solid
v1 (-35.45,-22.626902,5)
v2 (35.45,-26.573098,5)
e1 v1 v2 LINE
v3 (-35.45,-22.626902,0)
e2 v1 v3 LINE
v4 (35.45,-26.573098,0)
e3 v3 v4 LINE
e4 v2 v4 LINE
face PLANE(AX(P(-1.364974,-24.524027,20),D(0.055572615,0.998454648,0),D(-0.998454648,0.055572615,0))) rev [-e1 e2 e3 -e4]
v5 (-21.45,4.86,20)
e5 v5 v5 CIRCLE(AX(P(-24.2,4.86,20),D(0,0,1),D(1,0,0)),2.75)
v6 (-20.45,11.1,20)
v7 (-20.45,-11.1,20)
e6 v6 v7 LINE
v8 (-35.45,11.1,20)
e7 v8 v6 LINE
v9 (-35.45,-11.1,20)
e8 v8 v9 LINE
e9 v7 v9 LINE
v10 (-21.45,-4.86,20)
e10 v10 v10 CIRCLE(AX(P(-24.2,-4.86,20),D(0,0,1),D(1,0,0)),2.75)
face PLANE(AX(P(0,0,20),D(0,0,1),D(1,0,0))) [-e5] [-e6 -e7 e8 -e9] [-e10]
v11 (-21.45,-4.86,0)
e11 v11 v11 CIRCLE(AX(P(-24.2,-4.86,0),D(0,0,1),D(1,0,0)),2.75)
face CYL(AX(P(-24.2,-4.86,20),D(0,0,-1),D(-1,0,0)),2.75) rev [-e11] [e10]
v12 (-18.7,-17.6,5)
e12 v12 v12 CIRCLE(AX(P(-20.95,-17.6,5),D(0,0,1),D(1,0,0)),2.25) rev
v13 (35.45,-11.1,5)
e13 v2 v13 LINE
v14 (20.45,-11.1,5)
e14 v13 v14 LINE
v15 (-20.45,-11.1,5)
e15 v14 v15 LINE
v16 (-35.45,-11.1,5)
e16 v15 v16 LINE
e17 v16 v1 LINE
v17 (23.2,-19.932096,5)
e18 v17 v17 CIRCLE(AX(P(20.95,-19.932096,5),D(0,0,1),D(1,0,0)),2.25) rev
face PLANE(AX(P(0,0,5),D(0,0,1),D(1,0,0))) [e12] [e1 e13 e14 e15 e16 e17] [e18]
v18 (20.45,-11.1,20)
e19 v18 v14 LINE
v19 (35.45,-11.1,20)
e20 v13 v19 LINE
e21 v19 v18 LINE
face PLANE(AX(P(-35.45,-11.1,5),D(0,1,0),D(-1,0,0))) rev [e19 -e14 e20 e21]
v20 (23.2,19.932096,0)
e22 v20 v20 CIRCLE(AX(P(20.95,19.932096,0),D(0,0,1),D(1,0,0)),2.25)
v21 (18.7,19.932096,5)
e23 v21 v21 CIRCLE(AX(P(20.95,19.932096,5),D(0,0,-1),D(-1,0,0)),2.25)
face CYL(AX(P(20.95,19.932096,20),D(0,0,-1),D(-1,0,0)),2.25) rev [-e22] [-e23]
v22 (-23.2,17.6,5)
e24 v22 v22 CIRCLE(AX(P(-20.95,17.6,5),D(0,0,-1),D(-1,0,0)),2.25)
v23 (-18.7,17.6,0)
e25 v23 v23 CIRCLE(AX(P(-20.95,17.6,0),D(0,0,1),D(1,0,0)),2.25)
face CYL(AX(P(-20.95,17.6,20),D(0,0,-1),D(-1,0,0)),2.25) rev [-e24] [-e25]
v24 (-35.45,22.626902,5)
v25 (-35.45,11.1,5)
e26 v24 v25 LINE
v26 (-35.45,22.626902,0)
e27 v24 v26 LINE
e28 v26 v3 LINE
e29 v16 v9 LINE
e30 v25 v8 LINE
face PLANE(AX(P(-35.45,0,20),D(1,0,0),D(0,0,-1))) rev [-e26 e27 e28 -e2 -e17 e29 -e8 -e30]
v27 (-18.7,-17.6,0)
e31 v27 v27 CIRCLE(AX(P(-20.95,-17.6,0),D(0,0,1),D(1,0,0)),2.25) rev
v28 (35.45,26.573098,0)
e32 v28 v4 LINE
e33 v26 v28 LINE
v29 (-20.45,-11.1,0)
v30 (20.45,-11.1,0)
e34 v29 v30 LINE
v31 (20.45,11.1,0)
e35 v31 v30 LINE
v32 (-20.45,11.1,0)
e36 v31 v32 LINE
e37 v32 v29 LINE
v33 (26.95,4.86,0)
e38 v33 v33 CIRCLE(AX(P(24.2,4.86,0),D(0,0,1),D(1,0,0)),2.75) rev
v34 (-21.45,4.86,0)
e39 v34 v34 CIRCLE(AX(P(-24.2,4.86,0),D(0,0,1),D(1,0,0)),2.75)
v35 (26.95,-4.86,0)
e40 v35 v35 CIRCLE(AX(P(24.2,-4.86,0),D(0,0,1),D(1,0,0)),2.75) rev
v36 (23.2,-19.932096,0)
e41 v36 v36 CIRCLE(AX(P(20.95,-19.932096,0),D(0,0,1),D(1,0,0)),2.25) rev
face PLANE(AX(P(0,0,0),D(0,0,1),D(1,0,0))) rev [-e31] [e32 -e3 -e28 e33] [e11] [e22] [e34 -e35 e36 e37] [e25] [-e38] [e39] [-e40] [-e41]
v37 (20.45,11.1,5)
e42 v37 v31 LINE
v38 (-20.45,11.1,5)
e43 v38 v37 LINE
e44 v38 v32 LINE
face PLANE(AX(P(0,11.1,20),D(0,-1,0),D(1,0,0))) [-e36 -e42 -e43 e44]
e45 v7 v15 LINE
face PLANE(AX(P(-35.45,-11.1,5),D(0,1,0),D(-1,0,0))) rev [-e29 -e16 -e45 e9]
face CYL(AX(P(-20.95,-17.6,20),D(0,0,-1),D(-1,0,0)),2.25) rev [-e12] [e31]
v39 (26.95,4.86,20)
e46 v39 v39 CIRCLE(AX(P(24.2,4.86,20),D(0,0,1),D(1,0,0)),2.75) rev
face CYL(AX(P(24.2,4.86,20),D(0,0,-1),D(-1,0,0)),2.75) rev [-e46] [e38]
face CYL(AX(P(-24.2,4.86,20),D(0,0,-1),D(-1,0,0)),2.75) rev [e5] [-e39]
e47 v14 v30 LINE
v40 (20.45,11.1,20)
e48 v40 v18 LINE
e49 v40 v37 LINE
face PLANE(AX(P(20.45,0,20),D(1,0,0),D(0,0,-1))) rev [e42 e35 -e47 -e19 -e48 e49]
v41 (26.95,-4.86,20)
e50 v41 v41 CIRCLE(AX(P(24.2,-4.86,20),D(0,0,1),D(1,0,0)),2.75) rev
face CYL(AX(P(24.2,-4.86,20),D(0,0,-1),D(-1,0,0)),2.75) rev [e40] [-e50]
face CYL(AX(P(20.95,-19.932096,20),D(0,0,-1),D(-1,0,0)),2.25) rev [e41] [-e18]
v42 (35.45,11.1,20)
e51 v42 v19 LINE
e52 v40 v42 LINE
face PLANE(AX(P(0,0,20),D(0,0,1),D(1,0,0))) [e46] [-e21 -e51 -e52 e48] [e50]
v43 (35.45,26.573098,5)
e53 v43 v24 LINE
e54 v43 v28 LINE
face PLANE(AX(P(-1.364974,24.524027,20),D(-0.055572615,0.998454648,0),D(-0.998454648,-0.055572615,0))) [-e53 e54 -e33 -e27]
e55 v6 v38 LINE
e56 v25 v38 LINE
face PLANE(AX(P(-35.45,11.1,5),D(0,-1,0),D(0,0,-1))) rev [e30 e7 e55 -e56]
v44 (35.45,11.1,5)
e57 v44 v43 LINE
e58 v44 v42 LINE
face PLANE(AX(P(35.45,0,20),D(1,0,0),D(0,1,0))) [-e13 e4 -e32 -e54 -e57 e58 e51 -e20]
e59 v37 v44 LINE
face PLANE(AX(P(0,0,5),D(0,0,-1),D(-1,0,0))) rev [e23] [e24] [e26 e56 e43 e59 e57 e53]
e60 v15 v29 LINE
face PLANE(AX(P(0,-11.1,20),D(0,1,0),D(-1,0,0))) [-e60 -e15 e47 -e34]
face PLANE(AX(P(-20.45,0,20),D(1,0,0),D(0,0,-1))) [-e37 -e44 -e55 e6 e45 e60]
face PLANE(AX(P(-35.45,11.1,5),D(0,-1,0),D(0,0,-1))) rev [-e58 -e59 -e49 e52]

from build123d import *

# Parameters (mm, degrees)
SKETCH1_W           = 40.9
SKETCH1_H           = 22.2
SKETCH1_R           = 2.25
SKETCH1_R_2         = 2.75
BOSS_EXTRUDE4_DEPTH = 20
SKETCH4_W           = 70.9
SKETCH4_H           = 15.47309833
CUT_EXTRUDE1_DEPTH  = 15


with BuildPart() as part:
    # Sketch1 → Boss-Extrude4 (new body)
    with BuildSketch(Plane.XY):
        Polygon((-35.45, 22.62690167), (-35.45, -22.62690167), (35.45, -26.57309833), (35.45, 26.57309833), align=None)
        Rectangle(SKETCH1_W, SKETCH1_H, mode=Mode.SUBTRACT)
        with Locations((-20.95, 17.6)):
            Circle(SKETCH1_R, mode=Mode.SUBTRACT)
        with Locations((20.95, 19.932096475)):
            Circle(SKETCH1_R, mode=Mode.SUBTRACT)
        with Locations((-24.2, 4.86)):
            Circle(SKETCH1_R_2, mode=Mode.SUBTRACT)
        with Locations((-24.2, -4.86)):
            Circle(SKETCH1_R_2, mode=Mode.SUBTRACT)
        with Locations((24.2, 4.86)):
            Circle(SKETCH1_R_2, mode=Mode.SUBTRACT)
        with Locations((24.2, -4.86)):
            Circle(SKETCH1_R_2, mode=Mode.SUBTRACT)
        with Locations((20.95, -19.932096475)):
            Circle(SKETCH1_R, mode=Mode.SUBTRACT)
        with Locations((-20.95, -17.6)):
            Circle(SKETCH1_R, mode=Mode.SUBTRACT)
    extrude(amount=BOSS_EXTRUDE4_DEPTH)

    # Sketch4 → Cut-Extrude1 (cut)
    with BuildSketch(Plane.XY.offset(20)):
        with Locations((0, 18.836549165)):
            Rectangle(SKETCH4_W, SKETCH4_H)
        with Locations((0, -18.836549165)):
            Rectangle(SKETCH4_W, SKETCH4_H)
    extrude(amount=-CUT_EXTRUDE1_DEPTH, mode=Mode.SUBTRACT)


solid = part.part
